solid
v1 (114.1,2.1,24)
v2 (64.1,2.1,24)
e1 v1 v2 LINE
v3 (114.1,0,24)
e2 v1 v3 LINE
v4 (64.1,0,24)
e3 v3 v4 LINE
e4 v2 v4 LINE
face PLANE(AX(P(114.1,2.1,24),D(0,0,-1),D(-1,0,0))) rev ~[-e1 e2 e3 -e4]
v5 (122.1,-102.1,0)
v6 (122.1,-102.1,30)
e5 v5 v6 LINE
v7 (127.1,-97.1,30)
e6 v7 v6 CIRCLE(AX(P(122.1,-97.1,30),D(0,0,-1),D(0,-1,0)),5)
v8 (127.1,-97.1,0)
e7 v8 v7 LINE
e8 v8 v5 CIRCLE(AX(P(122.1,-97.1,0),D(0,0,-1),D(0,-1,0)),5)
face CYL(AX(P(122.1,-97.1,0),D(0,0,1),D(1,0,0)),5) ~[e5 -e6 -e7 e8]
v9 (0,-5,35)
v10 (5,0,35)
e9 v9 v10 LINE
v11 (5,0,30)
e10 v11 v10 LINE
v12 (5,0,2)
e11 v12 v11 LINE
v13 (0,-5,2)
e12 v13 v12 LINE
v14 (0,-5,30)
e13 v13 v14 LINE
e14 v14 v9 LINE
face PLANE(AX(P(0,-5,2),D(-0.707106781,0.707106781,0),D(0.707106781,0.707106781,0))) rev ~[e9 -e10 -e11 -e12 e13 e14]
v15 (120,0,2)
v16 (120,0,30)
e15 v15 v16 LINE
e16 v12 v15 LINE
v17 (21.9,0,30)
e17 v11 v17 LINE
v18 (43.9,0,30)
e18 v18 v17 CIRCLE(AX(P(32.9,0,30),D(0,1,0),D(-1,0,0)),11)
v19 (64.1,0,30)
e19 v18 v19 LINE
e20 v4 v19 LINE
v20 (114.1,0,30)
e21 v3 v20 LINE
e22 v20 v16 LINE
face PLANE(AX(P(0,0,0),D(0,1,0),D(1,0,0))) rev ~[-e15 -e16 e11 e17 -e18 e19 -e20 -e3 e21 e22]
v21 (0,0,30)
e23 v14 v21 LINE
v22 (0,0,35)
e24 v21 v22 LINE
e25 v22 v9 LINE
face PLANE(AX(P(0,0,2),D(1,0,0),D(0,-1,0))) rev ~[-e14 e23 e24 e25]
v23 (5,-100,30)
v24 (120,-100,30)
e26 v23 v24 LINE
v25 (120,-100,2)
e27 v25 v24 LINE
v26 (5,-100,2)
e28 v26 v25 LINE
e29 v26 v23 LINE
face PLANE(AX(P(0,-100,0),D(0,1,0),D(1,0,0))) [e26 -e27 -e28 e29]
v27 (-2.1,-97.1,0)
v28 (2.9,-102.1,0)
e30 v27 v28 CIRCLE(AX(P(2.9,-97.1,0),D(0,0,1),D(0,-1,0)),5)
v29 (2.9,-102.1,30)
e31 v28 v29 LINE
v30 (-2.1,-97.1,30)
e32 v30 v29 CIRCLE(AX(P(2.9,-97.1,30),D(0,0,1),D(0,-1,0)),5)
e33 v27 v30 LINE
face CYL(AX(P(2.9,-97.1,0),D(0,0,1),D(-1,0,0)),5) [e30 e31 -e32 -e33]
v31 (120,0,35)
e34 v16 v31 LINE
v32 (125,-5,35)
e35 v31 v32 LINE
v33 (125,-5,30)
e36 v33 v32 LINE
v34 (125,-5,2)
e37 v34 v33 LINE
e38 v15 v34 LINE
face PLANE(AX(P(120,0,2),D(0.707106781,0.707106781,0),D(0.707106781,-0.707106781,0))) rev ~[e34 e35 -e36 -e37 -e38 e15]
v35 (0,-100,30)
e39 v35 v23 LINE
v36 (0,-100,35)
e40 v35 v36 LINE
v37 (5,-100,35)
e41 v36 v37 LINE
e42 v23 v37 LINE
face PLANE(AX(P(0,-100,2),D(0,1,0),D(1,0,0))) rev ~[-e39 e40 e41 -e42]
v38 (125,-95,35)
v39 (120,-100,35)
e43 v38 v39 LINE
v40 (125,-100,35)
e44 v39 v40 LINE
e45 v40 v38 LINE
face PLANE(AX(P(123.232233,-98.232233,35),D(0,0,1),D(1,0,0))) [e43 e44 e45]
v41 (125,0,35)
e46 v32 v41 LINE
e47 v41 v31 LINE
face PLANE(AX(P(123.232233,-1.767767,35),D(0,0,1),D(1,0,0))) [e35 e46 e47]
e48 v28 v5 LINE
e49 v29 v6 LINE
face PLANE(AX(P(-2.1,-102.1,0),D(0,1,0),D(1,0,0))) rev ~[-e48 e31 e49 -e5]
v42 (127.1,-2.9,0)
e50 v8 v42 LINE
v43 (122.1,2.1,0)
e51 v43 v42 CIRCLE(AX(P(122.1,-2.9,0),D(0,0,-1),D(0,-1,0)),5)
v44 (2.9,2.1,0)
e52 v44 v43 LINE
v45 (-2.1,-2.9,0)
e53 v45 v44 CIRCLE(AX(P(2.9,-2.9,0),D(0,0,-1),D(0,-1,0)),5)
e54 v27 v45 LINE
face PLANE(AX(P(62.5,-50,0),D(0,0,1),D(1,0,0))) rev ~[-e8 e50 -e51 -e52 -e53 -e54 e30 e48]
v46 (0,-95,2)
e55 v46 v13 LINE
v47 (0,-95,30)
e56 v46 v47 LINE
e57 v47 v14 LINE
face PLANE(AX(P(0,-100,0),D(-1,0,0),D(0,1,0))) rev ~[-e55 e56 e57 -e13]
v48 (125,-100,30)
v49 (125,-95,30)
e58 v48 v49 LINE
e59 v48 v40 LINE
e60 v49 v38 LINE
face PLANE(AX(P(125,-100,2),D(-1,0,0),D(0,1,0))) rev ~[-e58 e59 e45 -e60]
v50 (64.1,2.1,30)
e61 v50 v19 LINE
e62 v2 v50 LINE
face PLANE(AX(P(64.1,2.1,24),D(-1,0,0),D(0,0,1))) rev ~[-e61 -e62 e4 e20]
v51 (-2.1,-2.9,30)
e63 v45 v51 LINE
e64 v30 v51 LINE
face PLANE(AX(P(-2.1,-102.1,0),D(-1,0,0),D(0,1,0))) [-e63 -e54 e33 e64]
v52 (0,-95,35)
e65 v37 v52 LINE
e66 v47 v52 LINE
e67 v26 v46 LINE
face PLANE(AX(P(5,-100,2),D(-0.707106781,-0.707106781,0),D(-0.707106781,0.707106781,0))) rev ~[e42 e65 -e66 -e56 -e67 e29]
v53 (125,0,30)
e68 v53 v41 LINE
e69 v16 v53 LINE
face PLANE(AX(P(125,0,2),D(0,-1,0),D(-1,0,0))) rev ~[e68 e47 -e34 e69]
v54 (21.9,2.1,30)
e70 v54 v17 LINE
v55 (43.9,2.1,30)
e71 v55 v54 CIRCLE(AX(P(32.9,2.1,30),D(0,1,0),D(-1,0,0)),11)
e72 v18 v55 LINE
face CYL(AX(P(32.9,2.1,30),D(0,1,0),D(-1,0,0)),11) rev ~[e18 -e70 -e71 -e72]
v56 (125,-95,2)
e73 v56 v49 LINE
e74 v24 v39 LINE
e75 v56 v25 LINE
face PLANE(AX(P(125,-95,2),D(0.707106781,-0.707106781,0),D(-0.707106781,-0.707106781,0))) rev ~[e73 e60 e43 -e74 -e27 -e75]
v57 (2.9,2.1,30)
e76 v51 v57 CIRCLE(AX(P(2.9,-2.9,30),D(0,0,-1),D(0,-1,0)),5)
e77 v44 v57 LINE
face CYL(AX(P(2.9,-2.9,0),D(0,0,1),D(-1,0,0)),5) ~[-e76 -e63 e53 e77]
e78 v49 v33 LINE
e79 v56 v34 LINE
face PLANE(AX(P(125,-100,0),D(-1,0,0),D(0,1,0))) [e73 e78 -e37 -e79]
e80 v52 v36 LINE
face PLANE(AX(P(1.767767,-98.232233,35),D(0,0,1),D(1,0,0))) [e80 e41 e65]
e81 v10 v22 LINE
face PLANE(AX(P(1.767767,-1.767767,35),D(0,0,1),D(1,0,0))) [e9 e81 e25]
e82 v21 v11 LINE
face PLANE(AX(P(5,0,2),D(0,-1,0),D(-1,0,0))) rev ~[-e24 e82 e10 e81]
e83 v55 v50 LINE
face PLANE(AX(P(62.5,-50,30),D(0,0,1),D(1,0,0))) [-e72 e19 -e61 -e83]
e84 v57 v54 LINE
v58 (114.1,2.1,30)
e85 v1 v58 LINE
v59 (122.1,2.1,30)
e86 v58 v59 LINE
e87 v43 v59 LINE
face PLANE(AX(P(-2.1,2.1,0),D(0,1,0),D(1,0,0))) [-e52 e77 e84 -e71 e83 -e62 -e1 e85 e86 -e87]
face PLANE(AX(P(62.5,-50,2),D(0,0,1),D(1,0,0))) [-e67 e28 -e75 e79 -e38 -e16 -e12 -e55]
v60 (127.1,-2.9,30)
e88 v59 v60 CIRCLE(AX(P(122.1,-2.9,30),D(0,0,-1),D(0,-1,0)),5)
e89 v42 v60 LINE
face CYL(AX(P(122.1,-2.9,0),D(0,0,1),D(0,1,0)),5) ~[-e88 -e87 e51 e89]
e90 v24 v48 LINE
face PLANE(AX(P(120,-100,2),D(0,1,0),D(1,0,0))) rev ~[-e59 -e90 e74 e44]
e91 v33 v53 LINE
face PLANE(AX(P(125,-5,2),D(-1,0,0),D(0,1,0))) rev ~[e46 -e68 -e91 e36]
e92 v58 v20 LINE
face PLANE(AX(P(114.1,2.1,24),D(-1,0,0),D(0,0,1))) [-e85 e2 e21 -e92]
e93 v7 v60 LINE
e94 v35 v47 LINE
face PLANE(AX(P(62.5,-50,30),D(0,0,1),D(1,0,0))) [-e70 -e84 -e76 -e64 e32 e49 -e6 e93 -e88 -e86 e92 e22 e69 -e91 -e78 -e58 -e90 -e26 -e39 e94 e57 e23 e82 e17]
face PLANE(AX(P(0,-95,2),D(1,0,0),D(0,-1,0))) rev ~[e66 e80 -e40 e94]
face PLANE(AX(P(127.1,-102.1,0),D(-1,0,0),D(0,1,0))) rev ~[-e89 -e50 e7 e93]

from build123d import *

# Parameters (mm, degrees)
F0_W     = 125
F0_H     = 100
F1_DEPTH = 2
F2_W     = 129.2
F2_H     = 104.2
F2_W_2   = 125
F2_H_2   = 100
F3_DEPTH = 30
F4_R     = 11
F4_W     = 50
F4_H     = 12
F5_DEPTH = 5
F7_DEPTH = 33
F8_R     = 5


with BuildPart() as f1:
    # F0 (on Top) → F1 (new body)
    with BuildSketch(Plane.XY):
        with Locations((62.5, -50)):
            Rectangle(F0_W, F0_H)
    extrude(amount=F1_DEPTH)

    # F2 (on Top) → F3 (join)
    with BuildSketch(Plane.XY):
        with Locations((62.5, -50)):
            Rectangle(F2_W, F2_H)
        with Locations((62.5, -50)):
            Rectangle(F2_W_2, F2_H_2, mode=Mode.SUBTRACT)
    extrude(amount=F3_DEPTH)

    # F4 (on face) → F5 (cut)
    with BuildSketch(Plane(origin=(0, 2.1, 0), x_dir=(-1, 0, 0), z_dir=(0, 1, 0))):
        with Locations((-32.9, 30)):
            Circle(F4_R)
        with Locations((-89.1, 30)):
            Rectangle(F4_W, F4_H)
    extrude(amount=-F5_DEPTH, mode=Mode.SUBTRACT)

    # F6 (on face) → F7 (join)
    with BuildSketch(Plane.XY.offset(2)):
        Polygon((5, 0), (0, 0), (0, -5), align=None)
        Polygon((125, -5), (125, 0), (120, 0), align=None)
        Polygon((120, -100), (125, -100), (125, -95), align=None)
        Polygon((0, -95), (0, -100), (5, -100), align=None)
    extrude(amount=F7_DEPTH)

    # F8
    f8_edges = [f1.edges().sort_by_distance(p)[0] for p in [
        (-2.1, -102.1, 15),
        (127.1, -102.1, 15),
        (127.1, 2.1, 15),
        (-2.1, 2.1, 15),
    ]]
    fillet(f8_edges, radius=F8_R)


solid = f1.part
